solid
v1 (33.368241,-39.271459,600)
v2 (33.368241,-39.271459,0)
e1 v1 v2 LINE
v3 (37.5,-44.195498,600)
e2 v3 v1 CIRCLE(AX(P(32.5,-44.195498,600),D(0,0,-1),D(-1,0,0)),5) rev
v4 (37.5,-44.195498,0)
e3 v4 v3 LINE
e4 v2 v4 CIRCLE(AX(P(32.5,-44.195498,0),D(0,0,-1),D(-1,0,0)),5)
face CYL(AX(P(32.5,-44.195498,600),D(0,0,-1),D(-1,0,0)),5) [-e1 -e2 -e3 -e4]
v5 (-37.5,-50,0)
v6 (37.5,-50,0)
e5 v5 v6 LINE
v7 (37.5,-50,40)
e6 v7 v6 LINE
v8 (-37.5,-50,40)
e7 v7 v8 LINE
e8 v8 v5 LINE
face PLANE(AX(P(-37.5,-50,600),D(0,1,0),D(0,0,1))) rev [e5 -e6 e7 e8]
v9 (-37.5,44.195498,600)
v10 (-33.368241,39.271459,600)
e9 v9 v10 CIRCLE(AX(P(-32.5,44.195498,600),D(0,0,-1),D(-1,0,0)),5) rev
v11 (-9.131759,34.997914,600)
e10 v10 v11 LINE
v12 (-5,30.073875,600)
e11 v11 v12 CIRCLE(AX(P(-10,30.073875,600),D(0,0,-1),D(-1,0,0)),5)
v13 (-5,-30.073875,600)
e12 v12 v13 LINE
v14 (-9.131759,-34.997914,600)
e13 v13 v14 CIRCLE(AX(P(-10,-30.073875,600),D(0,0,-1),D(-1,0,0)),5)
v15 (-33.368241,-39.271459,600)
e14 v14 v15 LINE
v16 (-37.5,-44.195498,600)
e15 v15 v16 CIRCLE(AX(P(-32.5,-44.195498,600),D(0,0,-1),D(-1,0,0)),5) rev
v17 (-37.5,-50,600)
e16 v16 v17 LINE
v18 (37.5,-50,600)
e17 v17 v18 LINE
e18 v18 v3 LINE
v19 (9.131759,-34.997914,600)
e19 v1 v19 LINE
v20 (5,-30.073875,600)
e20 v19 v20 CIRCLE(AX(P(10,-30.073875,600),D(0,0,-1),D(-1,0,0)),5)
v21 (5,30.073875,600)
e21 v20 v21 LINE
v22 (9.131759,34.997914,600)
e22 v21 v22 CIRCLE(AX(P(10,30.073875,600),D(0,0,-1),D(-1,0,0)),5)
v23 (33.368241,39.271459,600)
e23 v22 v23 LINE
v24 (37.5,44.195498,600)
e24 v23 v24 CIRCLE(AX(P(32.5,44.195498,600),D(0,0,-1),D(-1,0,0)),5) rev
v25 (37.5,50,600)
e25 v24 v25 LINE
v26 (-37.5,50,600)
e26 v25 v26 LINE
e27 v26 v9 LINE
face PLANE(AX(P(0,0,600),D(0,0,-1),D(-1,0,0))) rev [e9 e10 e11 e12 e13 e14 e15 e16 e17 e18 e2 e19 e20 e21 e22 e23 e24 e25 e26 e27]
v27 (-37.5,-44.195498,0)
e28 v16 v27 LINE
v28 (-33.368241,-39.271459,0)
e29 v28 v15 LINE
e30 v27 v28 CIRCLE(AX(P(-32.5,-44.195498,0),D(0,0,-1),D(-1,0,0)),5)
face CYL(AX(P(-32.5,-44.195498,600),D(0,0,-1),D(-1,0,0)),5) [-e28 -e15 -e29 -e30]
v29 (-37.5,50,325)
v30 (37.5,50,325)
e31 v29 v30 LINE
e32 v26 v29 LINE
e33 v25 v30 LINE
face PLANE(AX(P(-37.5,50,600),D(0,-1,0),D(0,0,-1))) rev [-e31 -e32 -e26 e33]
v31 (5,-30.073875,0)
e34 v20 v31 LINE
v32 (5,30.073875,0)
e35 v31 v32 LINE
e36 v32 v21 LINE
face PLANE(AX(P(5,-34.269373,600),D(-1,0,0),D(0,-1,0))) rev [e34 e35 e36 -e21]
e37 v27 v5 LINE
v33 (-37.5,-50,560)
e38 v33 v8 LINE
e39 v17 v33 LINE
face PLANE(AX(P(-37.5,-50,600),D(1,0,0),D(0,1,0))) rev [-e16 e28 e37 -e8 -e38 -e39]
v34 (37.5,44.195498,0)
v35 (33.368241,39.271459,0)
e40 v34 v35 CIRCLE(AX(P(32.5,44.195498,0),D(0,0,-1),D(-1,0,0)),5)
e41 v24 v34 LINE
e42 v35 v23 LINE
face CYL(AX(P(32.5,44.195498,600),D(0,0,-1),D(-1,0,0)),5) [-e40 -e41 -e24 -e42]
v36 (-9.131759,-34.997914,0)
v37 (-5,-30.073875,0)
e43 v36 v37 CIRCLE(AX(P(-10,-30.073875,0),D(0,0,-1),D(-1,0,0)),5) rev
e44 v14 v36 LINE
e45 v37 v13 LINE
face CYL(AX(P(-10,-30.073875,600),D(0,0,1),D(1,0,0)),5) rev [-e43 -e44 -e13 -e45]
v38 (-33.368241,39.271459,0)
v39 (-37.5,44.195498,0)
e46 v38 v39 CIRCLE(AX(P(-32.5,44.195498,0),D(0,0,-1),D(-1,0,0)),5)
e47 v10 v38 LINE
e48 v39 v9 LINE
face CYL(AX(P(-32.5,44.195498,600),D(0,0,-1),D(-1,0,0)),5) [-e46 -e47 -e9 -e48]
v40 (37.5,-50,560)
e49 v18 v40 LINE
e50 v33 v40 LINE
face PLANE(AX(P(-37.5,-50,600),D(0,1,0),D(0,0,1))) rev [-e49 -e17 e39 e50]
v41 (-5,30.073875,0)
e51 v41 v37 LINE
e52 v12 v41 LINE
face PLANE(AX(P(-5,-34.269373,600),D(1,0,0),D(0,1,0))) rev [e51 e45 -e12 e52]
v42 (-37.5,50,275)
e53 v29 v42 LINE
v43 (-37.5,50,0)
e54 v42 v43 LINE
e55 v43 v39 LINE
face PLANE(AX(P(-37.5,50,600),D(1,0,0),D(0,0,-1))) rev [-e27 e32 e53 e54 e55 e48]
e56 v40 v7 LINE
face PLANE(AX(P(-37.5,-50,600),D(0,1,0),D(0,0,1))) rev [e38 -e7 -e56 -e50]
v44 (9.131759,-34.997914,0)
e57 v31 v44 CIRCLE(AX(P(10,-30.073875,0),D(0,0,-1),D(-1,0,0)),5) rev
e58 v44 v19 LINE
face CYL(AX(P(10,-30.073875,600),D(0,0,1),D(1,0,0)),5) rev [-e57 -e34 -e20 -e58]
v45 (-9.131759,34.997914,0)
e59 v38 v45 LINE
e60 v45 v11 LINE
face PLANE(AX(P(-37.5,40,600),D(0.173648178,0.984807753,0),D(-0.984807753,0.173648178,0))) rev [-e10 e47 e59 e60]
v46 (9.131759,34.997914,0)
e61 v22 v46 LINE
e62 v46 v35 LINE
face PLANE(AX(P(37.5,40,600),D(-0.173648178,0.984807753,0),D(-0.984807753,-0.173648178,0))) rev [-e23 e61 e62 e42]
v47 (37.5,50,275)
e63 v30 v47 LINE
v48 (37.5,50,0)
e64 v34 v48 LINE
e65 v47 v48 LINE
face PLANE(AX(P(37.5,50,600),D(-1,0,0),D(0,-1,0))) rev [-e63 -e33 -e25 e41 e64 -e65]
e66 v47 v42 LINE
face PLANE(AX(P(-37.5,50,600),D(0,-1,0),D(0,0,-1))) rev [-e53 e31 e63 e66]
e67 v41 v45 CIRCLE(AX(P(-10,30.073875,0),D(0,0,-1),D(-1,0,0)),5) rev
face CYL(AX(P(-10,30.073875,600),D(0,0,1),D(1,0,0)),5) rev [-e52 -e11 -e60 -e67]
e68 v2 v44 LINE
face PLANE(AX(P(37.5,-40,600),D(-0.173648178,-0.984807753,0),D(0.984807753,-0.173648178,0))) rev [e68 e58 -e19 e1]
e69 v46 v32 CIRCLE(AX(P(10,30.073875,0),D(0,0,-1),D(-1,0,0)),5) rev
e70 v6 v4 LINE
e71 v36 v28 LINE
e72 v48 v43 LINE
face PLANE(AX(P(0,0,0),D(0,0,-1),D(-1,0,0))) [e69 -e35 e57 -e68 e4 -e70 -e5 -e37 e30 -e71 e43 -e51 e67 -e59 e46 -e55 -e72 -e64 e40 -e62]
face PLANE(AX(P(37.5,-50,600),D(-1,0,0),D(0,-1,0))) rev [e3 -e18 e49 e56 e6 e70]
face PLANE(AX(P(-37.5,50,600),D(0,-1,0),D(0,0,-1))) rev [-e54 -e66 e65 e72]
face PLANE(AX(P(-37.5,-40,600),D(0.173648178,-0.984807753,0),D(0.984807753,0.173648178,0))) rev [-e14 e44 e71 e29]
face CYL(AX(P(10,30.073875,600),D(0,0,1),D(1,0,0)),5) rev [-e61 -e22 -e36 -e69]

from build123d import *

# Parameters (mm, degrees)
BOSS_EXTRUDE1_DEPTH = 600
FILLET1_R           = 5


with BuildPart() as part:
    # Sketch1 → Boss-Extrude1 (new body)
    with BuildSketch(Plane.XY):
        Polygon((-37.5, 50), (37.5, 50), (37.5, 40), (5, 34.269373127), (5, -34.269373127), (37.5, -40), (37.5, -50), (-37.5, -50), (-37.5, -40), (-5, -34.269373127), (-5, 34.269373127), (-37.5, 40), align=None)
    extrude(amount=BOSS_EXTRUDE1_DEPTH)

    # Fillet1
    fillet1_edges = [part.edges().sort_by_distance(p)[0] for p in [
        (5, 34.269373127, 300),
        (5, -34.269373127, 300),
        (37.5, -40, 300),
        (-37.5, -40, 300),
        (-5, -34.269373127, 300),
        (-5, 34.269373127, 300),
        (-37.5, 40, 300),
        (37.5, 40, 300),
    ]]
    fillet(fillet1_edges, radius=FILLET1_R)


solid = part.part
